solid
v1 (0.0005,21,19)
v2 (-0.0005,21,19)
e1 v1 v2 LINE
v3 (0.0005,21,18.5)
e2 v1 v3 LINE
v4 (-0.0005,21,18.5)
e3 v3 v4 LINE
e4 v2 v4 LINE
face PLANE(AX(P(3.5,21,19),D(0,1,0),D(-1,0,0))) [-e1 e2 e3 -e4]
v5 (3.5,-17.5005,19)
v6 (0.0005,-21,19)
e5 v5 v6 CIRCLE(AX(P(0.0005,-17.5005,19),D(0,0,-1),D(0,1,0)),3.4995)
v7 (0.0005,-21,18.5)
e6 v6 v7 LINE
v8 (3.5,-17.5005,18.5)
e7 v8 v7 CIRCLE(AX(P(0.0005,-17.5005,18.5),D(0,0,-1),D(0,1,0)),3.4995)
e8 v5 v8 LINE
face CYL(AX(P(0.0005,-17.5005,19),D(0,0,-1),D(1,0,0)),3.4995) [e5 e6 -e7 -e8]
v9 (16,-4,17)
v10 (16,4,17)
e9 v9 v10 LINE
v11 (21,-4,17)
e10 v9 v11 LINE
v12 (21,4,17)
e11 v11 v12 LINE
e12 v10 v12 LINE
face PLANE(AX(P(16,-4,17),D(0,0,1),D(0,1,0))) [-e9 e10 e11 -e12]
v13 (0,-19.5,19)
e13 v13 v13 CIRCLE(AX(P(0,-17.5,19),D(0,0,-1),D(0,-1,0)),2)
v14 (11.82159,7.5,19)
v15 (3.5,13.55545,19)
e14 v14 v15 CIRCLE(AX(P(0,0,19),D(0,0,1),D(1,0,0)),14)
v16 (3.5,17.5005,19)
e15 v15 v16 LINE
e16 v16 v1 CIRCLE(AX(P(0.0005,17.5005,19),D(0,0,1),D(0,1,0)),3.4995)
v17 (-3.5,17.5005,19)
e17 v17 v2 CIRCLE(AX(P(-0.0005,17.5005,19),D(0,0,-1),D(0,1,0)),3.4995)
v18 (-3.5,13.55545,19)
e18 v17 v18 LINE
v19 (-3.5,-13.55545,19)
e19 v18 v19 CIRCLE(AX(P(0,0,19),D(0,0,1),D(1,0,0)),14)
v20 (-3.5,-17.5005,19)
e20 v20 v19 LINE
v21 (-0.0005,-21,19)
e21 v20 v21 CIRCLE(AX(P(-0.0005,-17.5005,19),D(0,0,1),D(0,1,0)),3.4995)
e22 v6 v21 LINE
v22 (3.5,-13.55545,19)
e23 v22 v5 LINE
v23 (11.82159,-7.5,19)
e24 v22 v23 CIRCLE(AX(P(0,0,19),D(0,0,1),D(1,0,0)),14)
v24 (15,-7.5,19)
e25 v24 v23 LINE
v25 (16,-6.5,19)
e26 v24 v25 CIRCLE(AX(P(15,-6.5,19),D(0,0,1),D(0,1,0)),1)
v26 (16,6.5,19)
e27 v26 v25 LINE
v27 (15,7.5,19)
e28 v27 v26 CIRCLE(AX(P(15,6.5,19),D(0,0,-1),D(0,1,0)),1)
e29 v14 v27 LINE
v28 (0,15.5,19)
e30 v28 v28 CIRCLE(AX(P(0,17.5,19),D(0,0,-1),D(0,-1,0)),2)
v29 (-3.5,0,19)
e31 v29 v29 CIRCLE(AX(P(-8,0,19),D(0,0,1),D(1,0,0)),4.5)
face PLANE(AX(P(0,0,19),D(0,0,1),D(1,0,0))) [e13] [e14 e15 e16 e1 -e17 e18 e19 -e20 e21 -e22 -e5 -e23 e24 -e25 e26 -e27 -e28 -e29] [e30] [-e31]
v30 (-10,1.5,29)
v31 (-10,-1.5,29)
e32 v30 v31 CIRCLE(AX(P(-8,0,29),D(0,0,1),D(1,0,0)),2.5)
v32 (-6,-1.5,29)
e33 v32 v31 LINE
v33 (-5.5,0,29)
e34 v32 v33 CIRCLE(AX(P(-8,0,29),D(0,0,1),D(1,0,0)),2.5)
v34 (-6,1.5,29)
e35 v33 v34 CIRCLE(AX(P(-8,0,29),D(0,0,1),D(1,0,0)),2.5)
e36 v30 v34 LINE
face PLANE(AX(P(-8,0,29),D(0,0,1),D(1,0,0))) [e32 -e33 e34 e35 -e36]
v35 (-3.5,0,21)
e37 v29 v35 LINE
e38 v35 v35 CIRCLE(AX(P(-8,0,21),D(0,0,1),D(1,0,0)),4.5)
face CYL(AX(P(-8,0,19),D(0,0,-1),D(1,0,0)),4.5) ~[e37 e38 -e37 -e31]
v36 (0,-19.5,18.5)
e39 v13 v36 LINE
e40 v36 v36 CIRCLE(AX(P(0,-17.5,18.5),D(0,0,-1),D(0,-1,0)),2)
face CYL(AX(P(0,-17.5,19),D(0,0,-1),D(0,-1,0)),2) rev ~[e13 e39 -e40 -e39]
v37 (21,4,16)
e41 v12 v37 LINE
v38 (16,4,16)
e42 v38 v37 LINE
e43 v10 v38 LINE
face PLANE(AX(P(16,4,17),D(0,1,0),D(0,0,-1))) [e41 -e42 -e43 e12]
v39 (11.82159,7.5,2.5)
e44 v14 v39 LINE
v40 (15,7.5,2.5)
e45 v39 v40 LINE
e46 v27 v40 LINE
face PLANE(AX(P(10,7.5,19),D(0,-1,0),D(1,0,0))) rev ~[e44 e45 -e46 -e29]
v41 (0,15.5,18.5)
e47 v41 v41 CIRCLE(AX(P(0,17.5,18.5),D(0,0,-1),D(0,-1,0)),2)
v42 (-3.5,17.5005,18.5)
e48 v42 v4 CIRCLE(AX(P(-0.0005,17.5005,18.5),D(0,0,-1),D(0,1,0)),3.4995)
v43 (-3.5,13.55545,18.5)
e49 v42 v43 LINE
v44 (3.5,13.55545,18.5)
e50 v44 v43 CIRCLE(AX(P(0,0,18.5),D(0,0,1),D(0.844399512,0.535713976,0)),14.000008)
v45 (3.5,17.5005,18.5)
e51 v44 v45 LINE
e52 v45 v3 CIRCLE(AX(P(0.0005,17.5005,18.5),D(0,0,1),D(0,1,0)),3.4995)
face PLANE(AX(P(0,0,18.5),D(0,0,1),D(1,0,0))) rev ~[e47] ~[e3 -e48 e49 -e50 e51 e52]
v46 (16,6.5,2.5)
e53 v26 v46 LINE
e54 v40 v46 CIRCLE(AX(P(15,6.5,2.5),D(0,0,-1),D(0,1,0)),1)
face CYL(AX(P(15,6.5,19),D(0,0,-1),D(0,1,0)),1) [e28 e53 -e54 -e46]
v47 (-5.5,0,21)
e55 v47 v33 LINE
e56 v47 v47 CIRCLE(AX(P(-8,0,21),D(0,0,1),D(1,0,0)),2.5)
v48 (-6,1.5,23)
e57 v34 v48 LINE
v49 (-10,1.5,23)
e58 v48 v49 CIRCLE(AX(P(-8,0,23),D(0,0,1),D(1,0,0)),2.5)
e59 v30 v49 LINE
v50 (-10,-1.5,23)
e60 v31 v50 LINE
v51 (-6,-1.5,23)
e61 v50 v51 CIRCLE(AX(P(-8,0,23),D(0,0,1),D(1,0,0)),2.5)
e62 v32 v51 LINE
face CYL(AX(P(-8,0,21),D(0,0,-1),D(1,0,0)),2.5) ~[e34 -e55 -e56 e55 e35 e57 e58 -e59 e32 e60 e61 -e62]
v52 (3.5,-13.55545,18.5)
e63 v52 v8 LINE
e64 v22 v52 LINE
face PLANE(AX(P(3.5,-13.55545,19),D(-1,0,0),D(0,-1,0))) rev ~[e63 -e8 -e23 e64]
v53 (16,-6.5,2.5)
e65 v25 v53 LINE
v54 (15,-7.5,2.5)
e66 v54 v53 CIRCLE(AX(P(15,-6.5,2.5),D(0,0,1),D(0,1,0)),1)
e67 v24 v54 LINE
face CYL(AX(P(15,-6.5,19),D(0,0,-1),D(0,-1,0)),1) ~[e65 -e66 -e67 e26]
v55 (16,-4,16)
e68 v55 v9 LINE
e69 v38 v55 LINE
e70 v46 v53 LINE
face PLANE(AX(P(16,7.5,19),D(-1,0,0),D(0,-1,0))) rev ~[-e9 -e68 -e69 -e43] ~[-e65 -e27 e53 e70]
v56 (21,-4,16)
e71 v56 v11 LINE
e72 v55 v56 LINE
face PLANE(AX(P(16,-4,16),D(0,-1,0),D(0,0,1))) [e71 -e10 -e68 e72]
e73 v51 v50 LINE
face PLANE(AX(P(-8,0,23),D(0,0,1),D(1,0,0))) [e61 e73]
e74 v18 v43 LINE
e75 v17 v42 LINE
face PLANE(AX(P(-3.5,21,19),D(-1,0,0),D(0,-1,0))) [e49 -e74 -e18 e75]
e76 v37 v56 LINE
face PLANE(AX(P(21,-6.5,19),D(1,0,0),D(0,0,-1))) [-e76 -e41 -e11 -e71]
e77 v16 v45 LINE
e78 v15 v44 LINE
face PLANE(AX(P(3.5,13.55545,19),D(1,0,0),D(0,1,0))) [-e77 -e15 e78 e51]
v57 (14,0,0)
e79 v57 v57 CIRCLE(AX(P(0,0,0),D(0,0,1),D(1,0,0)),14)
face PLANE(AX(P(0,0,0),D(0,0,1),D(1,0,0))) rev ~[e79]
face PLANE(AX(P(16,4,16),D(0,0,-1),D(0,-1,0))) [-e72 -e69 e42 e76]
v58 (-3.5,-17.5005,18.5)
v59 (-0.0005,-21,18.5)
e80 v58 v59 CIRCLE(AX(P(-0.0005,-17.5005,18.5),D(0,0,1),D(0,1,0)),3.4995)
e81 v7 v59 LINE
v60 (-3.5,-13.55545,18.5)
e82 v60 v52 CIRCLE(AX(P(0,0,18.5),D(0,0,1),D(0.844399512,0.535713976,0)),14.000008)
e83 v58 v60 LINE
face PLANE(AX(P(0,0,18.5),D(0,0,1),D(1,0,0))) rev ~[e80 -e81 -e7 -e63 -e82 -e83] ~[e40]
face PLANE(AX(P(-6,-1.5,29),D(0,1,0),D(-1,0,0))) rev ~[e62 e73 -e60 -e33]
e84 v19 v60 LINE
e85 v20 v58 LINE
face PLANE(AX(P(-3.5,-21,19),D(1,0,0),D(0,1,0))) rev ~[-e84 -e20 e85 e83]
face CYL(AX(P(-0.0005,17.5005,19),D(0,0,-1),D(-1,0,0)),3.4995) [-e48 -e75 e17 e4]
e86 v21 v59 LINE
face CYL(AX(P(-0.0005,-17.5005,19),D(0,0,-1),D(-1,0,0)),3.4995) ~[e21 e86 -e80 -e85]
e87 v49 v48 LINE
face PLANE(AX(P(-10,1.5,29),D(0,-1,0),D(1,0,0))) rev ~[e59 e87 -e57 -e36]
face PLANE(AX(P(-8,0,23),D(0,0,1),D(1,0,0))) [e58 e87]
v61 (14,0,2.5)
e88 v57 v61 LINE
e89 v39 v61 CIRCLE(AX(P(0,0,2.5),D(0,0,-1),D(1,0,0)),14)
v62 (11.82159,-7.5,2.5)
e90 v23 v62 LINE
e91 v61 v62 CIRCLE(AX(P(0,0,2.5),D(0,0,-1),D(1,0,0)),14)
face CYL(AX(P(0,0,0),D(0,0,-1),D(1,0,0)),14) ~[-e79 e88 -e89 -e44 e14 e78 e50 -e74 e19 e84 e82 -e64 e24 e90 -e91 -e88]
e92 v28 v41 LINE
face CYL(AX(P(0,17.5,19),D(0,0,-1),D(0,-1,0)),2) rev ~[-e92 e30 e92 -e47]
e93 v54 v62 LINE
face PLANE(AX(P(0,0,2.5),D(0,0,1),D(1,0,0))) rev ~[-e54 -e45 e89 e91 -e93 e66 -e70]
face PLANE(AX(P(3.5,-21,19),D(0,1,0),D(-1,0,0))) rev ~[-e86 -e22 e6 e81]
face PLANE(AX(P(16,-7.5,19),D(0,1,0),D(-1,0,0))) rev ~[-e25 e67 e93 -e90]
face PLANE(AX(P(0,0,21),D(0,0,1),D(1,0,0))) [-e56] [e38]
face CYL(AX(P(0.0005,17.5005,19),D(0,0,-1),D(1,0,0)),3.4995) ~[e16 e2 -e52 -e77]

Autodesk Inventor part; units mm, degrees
ref_plane "YZ Plane" through (0, 0, 0) normal (1, 0, 0) x (0, 1, 0)
ref_plane "XZ Plane" through (0, 0, 0) normal (0, 1, 0) x (-1, 0, 0)
ref_plane "XY Plane" through (0, 0, 0) normal (0, 0, 1) x (1, 0, 0)
sketch "Sketch1" plane through (0, 0, 0) normal (0, 0, 1) x (1, 0, 0)
  circle A0 centre (0, 0) radius 14
  dimension "d0" = 28
extrude "Extrusion1" add sketch "Sketch1" along normal blind 19
sketch "Sketch2" plane through (0, 0, 19) normal (0, 0, 1) x (1, 0, 0)
  line L0 (10, 7.5) -> (16, 7.5)
  line L1 (16, 7.5) -> (16, -7.5)
  line L2 (16, -7.5) -> (10, -7.5)
  line L3 (10, -7.5) -> (10, 7.5)
  point P0 (0, 0)
  dimension "d3" = 15
  dimension "d4" = 10
  dimension "d5" = 16
  dimension "d6" = 7.5
extrude "Extrusion2" add sketch "Sketch2" against normal blind 16.5
fillet "Fillet1" radius 1 2 edges at (16, 7.5, 10.75) (16, -7.5, 10.75)
sketch "Sketch3" plane through (0, 0, 19) normal (0, 0, 1) x (1, 0, 0)
  circle A0 centre (-8, 0) radius 4.5
  arc A1 (11.8216, 7.5) -> (11.8216, -7.5) centre (0, 0) ccw projected
  dimension "d10" = 9
  dimension "d11" = 0
  dimension "d12" = 8
extrude "Extrusion3" add sketch "Sketch3" along normal blind 2
sketch "Sketch4" plane through (-8, 0, 21) normal (0, 0, 1) x (1, 0, 0)
  circle A0 centre (0, 0) radius 2.5
  point P0 (8, 0)
  dimension "d15" = 5
extrude "Extrusion4" add sketch "Sketch4" along normal blind 8
sketch "Sketch5" plane through (-8, 0, 29) normal (0, 0, 1) x (1, 0, 0)
  circle A0 centre (0, 0) radius 2.5 projected
  circle A1 centre (0, 0) radius 2.5
  line L0 (-3.3103, 1.5) -> (3.6339, 1.5)
  line L1 (3.6339, 1.5) -> (3.6339, -1.5)
  line L2 (3.6339, -1.5) -> (-3.3103, -1.5)
  line L3 (-3.3103, -1.5) -> (-3.3103, 1.5)
  point P0 (8, 0)
  point P1 (2, -1.5)
  point P2 (-2, -1.5)
  point P3 (-2, 1.5)
  point P4 (2, 1.5)
  dimension "d18" = 3
  dimension "d19" = 1.5
extrude "Extrusion5" cut sketch "Sketch5" against normal blind 6 contours L0 A0 | A0 L2
sketch "Sketch6" plane through (16, -6.5, 19) normal (1, 0, 0) x (0, 0, -1)
  line L0 (2, 10.5) -> (3, 10.5)
  line L1 (3, 10.5) -> (3, 2.5)
  line L2 (3, 2.5) -> (2, 2.5)
  line L3 (2, 2.5) -> (2, 10.5)
  line L4 (0, 0) -> (0, 13) projected
  line L5 (16.5, 14) -> (0, 14) projected
  line L6 (0, -1) -> (16.5, -1) projected
  point P0 (19, 6.5)
  dimension "d22" = 2
  dimension "d23" = 1
  dimension "d24" = 3.5
  dimension "d25" = 3.5
extrude "Extrusion6" add sketch "Sketch6" along normal blind 5
sketch "Sketch7" plane through (0, 0, 19) normal (0, 0, 1) x (1, 0, 0)
  line L0 (-3.5, 12) -> (3.5, 12)
  line L1 (3.5, 12) -> (3.5, 21)
  line L2 (3.5, 21) -> (-3.5, 21)
  line L3 (-3.5, 21) -> (-3.5, 12)
  arc A0 (11.8216, 7.5) -> (11.8216, -7.5) centre (0, 0) ccw projected
  line L4 (-3.5, -12) -> (3.5, -12)
  line L5 (3.5, -12) -> (3.5, -21)
  line L6 (3.5, -21) -> (-3.5, -21)
  line L7 (-3.5, -21) -> (-3.5, -12)
  point P0 (0, 14)
  point P1 (0, -14)
  point P2 (3.5, -13.5554)
  point P3 (-3.5, -13.5554)
  point P4 (-3.5, 13.5554)
  point P5 (3.5, 13.5554)
  dimension "d28" = 7
  dimension "d29" = 7
  dimension "d30" = 3.5
  dimension "d31" = 2
  dimension "d32" = 7
  dimension "d33" = 7
  dimension "d34" = 2
  dimension "d35" = 3.5
extrude "Extrusion7" add sketch "Sketch7" against normal blind 0.5 contours A0 L5 L6 L7 | L3 L2 L1 A0
fillet "Fillet2" radius 3.5 4 edges at (-3.5, 21, 18.75) (3.5, 21, 18.75) (-3.5, -21, 18.75) (3.5, -21, 18.75)
sketch "Sketch8" plane through (0, 0, 19) normal (0, 0, 1) x (1, 0, 0)
  arc A0 (3.5, 17.5) -> (-3.5, 17.5) centre (0, 17.5) ccw projected
  arc A1 (-3.5, -17.5) -> (3.5, -17.5) centre (0, -17.5) ccw projected
  point P0 (0, 0)
  dimension "d39" = 0
hole "Hole1" at (0, 17.5, 19) at (0, -17.5, 19) direction (0, 0, -1) diameter 4 depth 1 tip angle 118
properties part number "stepper-motor"
